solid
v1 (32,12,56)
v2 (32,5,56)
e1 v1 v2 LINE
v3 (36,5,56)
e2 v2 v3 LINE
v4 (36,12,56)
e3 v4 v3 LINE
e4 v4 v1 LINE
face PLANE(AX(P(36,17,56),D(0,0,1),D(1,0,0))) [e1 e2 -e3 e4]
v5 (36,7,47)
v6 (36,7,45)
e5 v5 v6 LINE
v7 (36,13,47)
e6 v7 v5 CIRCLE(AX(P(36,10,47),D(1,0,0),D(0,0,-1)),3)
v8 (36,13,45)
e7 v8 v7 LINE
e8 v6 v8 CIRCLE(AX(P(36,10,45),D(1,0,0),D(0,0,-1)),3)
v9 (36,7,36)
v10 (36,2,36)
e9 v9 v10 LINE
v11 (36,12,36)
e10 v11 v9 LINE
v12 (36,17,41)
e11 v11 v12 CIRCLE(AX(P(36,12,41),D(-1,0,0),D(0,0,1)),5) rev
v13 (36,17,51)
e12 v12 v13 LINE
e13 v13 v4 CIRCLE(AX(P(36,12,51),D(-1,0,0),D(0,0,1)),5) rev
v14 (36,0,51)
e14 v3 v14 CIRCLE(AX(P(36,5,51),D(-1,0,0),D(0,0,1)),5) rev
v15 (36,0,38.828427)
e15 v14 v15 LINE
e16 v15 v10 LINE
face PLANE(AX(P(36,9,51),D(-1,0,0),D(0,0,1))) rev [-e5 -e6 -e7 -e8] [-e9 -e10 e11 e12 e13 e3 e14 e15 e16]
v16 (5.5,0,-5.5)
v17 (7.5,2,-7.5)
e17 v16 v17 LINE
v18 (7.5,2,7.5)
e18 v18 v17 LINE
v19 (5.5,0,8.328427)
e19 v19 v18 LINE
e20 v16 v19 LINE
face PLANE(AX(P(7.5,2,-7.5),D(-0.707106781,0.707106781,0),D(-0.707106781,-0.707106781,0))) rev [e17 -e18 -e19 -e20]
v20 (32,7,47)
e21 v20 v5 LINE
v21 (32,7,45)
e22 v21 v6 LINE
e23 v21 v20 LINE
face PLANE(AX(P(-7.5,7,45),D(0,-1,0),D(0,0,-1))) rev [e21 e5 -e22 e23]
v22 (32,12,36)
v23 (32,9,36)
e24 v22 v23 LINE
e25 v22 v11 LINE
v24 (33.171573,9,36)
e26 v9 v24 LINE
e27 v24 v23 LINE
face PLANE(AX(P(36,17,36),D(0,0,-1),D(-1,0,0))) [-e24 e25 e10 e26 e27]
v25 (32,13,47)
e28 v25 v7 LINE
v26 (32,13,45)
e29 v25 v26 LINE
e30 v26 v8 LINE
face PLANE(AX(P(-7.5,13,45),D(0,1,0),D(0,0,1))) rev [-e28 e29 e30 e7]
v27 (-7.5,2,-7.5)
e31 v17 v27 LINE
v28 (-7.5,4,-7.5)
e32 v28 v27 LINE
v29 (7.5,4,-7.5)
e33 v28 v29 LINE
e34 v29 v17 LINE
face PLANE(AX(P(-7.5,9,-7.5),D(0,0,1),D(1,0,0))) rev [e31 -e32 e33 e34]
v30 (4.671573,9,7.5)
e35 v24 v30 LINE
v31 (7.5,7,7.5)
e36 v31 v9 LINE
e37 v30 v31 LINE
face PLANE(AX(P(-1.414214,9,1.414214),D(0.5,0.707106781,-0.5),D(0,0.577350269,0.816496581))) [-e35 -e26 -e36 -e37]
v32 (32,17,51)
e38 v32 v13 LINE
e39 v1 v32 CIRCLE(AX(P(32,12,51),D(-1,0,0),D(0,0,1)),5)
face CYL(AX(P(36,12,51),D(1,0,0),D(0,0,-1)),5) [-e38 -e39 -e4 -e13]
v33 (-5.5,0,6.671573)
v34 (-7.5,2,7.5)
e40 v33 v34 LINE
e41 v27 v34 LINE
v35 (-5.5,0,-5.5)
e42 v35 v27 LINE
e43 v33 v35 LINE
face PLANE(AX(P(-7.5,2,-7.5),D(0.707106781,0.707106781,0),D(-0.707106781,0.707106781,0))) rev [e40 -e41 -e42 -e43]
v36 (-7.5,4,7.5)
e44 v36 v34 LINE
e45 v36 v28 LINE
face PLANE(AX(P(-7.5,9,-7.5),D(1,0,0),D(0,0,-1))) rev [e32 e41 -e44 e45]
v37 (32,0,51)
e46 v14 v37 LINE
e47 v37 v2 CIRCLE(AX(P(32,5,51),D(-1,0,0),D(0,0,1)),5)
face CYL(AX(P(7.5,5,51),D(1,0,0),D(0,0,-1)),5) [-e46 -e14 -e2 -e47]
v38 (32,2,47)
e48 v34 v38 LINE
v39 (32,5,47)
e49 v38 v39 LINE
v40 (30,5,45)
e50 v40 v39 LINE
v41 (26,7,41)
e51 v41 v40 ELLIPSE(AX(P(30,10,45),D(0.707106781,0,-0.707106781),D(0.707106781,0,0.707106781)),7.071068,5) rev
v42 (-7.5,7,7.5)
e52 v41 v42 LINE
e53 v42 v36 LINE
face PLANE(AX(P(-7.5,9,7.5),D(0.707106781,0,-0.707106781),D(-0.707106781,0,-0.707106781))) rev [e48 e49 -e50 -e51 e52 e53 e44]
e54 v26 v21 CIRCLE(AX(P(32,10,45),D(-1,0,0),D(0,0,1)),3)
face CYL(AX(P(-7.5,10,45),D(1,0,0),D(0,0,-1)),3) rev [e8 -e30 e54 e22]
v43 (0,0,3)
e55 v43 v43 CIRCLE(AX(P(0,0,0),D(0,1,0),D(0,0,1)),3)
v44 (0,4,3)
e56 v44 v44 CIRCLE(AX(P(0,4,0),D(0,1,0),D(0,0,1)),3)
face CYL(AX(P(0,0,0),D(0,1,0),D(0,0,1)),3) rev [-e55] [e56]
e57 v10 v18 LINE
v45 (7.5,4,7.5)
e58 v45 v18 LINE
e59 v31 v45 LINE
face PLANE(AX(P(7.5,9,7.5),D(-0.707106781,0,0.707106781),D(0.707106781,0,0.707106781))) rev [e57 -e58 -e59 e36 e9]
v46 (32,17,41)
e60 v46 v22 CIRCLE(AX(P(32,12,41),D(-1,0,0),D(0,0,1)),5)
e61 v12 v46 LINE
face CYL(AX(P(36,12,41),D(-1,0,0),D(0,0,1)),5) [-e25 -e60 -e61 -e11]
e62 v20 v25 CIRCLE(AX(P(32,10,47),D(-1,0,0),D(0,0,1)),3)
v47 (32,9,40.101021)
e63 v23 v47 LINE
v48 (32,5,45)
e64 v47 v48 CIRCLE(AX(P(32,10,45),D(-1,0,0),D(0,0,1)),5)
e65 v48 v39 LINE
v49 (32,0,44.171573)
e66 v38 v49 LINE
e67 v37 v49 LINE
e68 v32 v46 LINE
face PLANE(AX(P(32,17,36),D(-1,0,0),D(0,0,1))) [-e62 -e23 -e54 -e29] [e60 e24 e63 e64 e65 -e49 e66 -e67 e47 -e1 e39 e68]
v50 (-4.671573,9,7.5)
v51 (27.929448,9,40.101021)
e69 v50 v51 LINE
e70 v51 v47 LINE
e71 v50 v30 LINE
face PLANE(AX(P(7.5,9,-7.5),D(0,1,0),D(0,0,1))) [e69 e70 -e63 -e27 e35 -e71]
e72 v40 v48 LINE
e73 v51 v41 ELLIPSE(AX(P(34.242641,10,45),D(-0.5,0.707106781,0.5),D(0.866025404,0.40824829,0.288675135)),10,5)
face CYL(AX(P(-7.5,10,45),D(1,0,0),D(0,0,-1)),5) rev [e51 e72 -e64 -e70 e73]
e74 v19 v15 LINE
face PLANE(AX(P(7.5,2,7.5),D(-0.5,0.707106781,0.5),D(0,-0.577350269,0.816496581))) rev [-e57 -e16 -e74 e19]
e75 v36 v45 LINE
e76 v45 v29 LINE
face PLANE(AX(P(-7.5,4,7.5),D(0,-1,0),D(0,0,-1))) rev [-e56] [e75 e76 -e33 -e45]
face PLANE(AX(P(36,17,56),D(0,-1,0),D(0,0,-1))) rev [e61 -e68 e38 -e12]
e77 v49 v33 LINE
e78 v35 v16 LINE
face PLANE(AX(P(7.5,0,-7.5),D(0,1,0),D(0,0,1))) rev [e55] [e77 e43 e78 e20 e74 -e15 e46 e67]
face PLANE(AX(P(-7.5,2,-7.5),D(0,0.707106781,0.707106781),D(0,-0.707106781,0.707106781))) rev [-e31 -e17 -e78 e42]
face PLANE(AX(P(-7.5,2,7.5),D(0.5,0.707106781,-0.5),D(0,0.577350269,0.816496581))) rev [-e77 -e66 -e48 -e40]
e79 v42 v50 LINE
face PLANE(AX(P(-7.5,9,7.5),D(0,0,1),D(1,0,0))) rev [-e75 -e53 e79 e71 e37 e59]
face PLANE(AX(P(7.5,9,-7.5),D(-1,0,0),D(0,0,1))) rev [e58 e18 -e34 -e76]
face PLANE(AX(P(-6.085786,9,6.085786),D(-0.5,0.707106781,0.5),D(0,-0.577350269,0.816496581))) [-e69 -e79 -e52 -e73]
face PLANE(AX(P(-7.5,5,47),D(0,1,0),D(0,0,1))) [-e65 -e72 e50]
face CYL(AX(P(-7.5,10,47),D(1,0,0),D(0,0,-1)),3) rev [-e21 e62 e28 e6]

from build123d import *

# Parameters (mm, degrees)
BOSS_EXTRUDE1_DEPTH = 9
SKETCH2_W           = 4
SKETCH2_H           = 20
BOSS_EXTRUDE2_DEPTH = 17
SKETCH3_W           = 15
SKETCH3_H           = 5
CUT_EXTRUDE1_DEPTH  = 66.094162565
SKETCH4_R           = 3
CUT_EXTRUDE2_DEPTH  = 68.830671528
CUT_EXTRUDE3_DEPTH  = 73.919476136
CUT_EXTRUDE4_DEPTH  = 71.606302835
FILLET1_R           = 5
CHAMFER1_SIZE       = 2


with BuildPart() as part:
    # Sketch1 → Boss-Extrude1 (new body)
    with BuildSketch(Plane(origin=(0, 0, 0), x_dir=(1, 0, 0), z_dir=(0, 1, 0))):
        Polygon((7.5, -7.5), (36, -36), (36, -51), (-7.5, -7.5), (-7.5, 7.5), (7.5, 7.5), align=None)
    extrude(amount=BOSS_EXTRUDE1_DEPTH)

    # Sketch2 → Boss-Extrude2 (add)
    with BuildSketch(Plane.XZ):
        with Locations((34, 46)):
            Rectangle(SKETCH2_W, SKETCH2_H)
    extrude(amount=-BOSS_EXTRUDE2_DEPTH)

    # Sketch3 → Cut-Extrude1 (cut, through all)
    with BuildSketch(Plane(origin=(7.5, 0, 0), x_dir=(0, 0, -1), z_dir=(1, 0, 0))):
        with Locations((0, 6.5)):
            Rectangle(SKETCH3_W, SKETCH3_H)
    extrude(amount=-CUT_EXTRUDE1_DEPTH, mode=Mode.SUBTRACT)

    # Sketch4 → Cut-Extrude2 (cut, through all)
    with BuildSketch(Plane(origin=(0, 4, 0), x_dir=(1, 0, 0), z_dir=(0, 1, 0))):
        with Locations(Location((0, 0, 0), (0, 0, 270))):
            Circle(SKETCH4_R)
    extrude(amount=-CUT_EXTRUDE2_DEPTH, mode=Mode.SUBTRACT)

    # Sketch5 → Cut-Extrude3 (cut, through all)
    with BuildSketch(Plane(origin=(36, 0, 0), x_dir=(0, 0, -1), z_dir=(1, 0, 0))):
        with BuildLine():
            Line((-45, 7), (-47, 7))
            ThreePointArc((-47, 7), (-50, 10), (-47, 13))
            Line((-47, 13), (-45, 13))
            ThreePointArc((-45, 13), (-42, 10), (-45, 7))
        make_face()
    extrude(amount=-CUT_EXTRUDE3_DEPTH, mode=Mode.SUBTRACT)

    # Sketch6 → Cut-Extrude4 (cut, through all)
    with BuildSketch(Plane.ZY.offset(-32)):
        with BuildLine():
            Line((47, 5), (45, 5))
            ThreePointArc((45, 5), (42.113248654, 5.917517095), (40.285954792, 8.333333333))
            ThreePointArc((40.285954792, 8.333333333), (40.917517095, 12.886751346), (45, 15))
            Line((45, 15), (47, 15))
            ThreePointArc((47, 15), (51.082482905, 12.886751346), (51.714045208, 8.333333333))
            ThreePointArc((51.714045208, 8.333333333), (49.886751346, 5.917517095), (47, 5))
        make_face()
        with BuildLine():
            Line((47, 7), (45, 7))
            ThreePointArc((45, 7), (43.267949192, 7.550510257), (42.171572875, 9))
            ThreePointArc((42.171572875, 9), (42.550510257, 11.732050808), (45, 13))
            Line((45, 13), (47, 13))
            ThreePointArc((47, 13), (49.449489743, 11.732050808), (49.828427125, 9))
            ThreePointArc((49.828427125, 9), (48.732050808, 7.550510257), (47, 7))
        make_face(mode=Mode.SUBTRACT)
    extrude(amount=CUT_EXTRUDE4_DEPTH, mode=Mode.SUBTRACT)

    # Fillet1
    fillet1_edges = [part.edges().sort_by_distance(p)[0] for p in [
        (34, 0, 56),
        (34, 17, 36),
        (34, 17, 56),
    ]]
    fillet(fillet1_edges, radius=FILLET1_R)

    # Chamfer1
    chamfer1_edges = [part.edges().sort_by_distance(p)[0] for p in [
        (21.75, 0, 21.75),
        (7.5, 0, 0),
        (0, 0, -7.5),
        (-7.5, 0, 0),
        (12.25, 0, 27.25),
        (8.800510257, 9, 23.800510257),
        (21.75, 9, 21.75),
    ]]
    chamfer(chamfer1_edges, length=CHAMFER1_SIZE)


solid = part.part
